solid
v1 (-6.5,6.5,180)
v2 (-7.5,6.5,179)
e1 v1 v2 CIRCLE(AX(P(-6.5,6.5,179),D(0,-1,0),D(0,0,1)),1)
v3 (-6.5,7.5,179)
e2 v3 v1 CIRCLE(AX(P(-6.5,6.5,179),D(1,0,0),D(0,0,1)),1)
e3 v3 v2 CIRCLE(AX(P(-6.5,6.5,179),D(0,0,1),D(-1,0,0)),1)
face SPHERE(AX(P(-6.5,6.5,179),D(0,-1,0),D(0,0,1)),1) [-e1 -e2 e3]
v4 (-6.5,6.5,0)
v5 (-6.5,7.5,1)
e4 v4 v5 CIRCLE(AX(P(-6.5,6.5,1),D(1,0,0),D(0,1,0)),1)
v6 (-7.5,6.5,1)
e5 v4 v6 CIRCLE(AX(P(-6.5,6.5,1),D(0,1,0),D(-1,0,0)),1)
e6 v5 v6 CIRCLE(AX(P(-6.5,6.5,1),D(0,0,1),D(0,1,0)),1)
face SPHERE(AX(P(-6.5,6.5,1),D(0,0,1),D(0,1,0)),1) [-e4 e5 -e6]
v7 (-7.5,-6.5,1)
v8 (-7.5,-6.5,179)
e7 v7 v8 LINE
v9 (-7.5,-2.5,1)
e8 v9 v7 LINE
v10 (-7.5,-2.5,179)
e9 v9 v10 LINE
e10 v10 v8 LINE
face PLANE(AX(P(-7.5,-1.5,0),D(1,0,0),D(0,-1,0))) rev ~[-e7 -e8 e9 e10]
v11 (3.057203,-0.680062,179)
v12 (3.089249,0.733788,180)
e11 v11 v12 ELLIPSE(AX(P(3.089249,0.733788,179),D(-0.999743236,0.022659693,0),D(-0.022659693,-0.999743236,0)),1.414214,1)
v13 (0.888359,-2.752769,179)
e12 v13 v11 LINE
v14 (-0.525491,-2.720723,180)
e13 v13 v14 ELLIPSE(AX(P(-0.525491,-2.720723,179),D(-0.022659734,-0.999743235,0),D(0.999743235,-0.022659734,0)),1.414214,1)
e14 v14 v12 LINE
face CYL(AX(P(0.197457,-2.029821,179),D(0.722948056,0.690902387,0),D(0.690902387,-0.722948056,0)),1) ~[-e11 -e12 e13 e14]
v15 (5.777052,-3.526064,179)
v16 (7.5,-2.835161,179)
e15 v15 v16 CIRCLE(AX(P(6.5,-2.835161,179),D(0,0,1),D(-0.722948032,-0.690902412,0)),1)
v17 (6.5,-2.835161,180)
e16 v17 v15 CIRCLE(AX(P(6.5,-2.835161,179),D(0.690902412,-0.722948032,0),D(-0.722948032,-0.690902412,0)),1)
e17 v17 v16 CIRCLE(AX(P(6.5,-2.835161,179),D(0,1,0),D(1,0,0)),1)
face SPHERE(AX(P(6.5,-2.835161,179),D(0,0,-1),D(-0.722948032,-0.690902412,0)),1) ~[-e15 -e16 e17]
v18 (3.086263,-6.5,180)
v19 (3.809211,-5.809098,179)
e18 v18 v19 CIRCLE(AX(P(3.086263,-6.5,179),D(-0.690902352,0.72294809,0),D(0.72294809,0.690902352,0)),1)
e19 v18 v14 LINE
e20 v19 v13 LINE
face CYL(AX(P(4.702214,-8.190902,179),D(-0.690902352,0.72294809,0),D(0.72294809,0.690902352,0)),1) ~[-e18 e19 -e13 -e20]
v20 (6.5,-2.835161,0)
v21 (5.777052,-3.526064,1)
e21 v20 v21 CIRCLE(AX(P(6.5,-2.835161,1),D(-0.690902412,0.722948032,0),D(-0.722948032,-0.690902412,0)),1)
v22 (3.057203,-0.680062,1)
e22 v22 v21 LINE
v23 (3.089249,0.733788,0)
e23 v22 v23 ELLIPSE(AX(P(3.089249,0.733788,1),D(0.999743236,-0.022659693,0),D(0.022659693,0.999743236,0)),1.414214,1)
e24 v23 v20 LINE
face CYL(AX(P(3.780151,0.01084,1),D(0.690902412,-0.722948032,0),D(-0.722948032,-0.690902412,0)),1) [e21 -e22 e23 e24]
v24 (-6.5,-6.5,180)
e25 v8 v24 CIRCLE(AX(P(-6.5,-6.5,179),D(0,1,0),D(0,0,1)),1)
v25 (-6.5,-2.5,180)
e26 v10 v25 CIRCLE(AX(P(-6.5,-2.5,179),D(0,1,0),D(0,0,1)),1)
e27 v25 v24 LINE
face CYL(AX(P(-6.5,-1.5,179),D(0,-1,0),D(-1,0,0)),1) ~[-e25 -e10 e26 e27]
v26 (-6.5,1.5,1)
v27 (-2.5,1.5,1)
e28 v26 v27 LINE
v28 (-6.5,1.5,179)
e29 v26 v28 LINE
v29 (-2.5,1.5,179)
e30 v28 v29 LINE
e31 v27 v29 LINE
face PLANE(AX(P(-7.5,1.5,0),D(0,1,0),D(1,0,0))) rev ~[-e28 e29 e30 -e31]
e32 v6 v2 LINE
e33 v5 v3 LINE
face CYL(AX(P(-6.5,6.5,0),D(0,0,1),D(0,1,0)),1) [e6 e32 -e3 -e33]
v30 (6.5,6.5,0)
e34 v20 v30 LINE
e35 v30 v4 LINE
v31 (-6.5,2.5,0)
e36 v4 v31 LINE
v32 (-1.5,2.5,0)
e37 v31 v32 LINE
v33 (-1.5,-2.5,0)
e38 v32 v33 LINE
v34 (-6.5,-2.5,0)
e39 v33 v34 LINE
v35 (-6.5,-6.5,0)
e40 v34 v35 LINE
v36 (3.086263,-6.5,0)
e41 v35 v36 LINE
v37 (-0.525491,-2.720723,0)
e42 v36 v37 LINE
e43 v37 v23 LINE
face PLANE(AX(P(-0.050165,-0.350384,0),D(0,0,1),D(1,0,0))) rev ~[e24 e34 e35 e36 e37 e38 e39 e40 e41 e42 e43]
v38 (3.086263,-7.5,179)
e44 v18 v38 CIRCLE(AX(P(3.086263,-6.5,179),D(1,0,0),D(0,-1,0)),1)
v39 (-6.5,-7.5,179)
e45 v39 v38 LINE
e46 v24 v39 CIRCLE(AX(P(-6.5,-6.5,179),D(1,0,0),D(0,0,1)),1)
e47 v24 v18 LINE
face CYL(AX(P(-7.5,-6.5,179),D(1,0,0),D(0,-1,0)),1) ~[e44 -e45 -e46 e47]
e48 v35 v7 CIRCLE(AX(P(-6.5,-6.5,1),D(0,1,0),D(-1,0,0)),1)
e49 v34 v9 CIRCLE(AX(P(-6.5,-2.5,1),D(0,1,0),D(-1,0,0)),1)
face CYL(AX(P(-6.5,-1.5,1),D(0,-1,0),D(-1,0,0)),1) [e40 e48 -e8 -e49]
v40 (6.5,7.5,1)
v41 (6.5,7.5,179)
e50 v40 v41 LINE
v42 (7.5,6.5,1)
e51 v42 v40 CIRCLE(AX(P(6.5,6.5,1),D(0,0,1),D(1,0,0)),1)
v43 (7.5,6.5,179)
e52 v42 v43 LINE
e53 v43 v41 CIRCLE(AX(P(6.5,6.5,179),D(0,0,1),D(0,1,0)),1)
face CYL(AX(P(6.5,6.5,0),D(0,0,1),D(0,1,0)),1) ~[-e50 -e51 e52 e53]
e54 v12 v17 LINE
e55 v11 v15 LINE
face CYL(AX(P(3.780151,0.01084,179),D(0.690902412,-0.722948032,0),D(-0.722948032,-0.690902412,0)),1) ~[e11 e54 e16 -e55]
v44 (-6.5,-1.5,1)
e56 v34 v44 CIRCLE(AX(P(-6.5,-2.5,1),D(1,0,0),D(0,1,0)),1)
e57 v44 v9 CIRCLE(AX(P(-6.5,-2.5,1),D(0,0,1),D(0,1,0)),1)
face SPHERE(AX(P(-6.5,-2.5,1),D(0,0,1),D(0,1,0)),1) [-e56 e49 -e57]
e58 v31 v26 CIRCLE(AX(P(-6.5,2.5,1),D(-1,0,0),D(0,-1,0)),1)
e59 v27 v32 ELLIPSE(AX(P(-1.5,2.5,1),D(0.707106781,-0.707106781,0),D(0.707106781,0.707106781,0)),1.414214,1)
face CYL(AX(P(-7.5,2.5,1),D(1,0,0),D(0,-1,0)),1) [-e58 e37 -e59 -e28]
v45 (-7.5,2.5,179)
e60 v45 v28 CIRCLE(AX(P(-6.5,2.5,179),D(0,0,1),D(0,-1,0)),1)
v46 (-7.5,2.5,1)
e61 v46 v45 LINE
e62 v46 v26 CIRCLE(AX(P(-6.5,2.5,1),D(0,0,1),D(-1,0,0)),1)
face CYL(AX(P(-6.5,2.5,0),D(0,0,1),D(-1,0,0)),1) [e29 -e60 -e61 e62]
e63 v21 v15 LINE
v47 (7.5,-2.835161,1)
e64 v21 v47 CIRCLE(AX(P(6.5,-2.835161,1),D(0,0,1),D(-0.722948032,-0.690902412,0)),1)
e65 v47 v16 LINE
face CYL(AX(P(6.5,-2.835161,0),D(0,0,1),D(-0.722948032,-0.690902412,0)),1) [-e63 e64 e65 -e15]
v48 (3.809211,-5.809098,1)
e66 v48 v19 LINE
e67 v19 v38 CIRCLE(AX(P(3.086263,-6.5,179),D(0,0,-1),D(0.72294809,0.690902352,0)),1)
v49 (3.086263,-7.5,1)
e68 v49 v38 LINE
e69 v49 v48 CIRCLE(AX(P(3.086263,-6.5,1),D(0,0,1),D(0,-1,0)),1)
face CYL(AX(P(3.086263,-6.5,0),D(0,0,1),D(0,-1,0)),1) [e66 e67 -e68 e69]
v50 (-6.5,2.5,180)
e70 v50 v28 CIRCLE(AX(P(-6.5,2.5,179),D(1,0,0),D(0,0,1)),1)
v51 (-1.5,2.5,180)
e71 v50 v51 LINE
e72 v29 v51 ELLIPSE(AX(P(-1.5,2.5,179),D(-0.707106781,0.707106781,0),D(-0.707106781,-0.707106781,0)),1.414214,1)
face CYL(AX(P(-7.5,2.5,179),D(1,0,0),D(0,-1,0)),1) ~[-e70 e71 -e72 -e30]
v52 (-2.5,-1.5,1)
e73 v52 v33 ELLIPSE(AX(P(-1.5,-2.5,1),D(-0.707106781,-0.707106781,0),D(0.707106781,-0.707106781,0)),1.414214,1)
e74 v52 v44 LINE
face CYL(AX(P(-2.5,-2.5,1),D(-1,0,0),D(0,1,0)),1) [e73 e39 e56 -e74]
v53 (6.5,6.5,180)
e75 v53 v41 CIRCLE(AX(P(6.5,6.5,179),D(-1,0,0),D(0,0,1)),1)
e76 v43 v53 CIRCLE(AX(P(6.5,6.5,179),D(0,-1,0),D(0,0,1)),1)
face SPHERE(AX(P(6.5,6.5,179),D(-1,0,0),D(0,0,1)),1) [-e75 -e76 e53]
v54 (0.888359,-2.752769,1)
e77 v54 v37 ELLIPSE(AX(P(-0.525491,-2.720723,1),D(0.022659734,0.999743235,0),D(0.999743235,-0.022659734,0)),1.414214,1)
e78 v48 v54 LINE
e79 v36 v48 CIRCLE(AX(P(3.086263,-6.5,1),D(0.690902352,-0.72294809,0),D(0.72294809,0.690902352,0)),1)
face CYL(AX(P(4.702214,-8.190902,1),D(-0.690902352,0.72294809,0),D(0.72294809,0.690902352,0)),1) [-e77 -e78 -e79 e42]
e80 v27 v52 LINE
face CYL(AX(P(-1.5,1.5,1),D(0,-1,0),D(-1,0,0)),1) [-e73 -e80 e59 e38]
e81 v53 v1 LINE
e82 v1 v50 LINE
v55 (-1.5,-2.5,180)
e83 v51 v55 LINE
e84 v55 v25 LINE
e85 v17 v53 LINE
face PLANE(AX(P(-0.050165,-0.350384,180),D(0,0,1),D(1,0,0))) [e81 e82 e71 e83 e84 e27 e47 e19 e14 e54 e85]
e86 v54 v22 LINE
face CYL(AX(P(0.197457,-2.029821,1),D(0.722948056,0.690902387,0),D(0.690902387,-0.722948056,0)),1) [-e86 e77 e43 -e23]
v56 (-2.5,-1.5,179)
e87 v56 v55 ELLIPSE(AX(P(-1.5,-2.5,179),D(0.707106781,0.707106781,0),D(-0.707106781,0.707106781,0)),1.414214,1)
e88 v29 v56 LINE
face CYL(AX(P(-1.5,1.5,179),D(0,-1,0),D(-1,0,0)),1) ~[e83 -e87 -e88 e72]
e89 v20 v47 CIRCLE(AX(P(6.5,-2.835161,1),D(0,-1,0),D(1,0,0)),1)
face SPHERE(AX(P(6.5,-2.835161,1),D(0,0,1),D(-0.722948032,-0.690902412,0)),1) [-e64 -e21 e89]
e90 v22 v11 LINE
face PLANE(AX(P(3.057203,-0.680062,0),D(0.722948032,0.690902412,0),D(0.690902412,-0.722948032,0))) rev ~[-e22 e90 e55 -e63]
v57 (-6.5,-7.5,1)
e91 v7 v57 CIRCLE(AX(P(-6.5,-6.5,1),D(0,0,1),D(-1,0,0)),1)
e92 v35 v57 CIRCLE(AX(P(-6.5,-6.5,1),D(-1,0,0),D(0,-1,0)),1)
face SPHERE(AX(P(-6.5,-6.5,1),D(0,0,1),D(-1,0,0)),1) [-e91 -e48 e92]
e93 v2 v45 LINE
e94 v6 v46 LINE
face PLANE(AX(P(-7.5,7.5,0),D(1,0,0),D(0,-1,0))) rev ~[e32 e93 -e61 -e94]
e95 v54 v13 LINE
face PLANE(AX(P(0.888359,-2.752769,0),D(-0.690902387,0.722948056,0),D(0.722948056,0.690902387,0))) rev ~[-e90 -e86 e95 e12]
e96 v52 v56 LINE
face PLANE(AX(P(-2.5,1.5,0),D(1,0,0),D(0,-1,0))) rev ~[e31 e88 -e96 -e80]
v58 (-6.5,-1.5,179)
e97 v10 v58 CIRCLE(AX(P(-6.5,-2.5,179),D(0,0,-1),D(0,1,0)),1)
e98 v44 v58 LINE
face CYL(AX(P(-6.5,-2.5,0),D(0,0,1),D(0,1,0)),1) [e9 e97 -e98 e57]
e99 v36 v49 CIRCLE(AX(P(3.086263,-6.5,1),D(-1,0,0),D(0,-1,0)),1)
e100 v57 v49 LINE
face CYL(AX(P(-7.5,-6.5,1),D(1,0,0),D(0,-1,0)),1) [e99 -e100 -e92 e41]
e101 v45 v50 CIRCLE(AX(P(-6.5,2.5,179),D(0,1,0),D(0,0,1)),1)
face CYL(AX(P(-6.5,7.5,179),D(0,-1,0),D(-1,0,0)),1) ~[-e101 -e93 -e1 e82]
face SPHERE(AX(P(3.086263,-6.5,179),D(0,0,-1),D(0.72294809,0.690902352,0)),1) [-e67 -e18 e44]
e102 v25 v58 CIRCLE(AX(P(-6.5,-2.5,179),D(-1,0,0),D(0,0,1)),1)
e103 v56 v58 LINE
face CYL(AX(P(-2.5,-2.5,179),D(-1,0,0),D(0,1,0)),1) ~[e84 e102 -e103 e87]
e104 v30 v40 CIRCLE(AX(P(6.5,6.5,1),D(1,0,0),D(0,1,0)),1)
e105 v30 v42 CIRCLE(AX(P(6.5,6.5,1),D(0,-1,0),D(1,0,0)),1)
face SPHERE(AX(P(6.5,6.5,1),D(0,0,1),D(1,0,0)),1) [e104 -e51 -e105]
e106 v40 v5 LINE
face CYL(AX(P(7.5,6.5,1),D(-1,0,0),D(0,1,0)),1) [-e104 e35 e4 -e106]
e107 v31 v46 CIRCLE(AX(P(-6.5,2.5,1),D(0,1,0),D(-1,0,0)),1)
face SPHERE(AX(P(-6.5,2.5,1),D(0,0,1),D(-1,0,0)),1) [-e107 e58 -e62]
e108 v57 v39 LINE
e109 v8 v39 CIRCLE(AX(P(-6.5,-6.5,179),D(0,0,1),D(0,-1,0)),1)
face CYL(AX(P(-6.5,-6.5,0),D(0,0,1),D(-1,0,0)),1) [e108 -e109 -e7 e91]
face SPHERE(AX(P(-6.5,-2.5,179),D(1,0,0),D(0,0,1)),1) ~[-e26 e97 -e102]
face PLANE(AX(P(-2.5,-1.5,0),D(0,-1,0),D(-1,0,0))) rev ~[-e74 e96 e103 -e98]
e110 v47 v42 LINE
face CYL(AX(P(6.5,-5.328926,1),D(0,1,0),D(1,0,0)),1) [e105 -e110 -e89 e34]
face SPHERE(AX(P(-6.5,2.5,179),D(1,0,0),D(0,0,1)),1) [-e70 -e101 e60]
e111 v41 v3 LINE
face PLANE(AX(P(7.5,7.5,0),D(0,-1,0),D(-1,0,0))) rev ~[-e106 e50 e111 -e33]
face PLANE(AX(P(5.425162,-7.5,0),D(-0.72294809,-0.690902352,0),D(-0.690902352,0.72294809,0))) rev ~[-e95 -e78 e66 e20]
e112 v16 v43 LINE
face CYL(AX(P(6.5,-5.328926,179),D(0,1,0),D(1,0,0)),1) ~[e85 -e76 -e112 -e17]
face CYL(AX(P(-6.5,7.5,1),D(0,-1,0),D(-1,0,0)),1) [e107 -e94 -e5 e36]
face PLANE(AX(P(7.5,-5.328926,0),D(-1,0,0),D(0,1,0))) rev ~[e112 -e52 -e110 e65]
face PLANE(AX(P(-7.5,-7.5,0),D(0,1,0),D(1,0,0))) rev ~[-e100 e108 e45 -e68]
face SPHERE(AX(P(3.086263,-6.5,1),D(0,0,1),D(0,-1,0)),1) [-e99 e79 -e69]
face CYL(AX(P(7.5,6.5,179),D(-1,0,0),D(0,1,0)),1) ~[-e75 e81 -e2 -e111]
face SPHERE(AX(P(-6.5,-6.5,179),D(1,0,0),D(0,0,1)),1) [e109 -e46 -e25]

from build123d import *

# Parameters (mm, degrees)
F1_DEPTH = 180
F2_R     = 1


with BuildPart() as f1:
    # F0 (on Top) → F1 (new body)
    with BuildSketch(Plane.XY):
        Polygon((7.5, 7.5), (-7.5, 7.5), (-7.5, 1.5), (-2.5, 1.5), (-2.5, -1.5), (-7.5, -1.5), (-7.5, -7.5), (5.425162, -7.5), (0.888359, -2.752769), (3.057203, -0.680062), (7.5, -5.328926), align=None)
    extrude(amount=F1_DEPTH)

    # F2
    f2_edges = [f1.edges().sort_by_distance(p)[0] for p in [
        (-5, -1.5, 180),
        (-2.5, 0, 180),
        (-5, 1.5, 180),
        (5.278601, -3.004494, 180),
        (1.972781, -1.716416, 180),
        (3.15676, -5.126385, 180),
        (-1.037419, -7.5, 180),
        (-7.5, -4.5, 180),
        (-7.5, 4.5, 180),
        (0, 7.5, 180),
        (7.5, 1.085537, 180),
        (-7.5, -7.5, 90),
        (-7.5, -1.5, 90),
        (-7.5, 1.5, 90),
        (-7.5, 7.5, 90),
        (5.425162, -7.5, 90),
        (7.5, -5.328926, 90),
        (7.5, 7.5, 90),
        (1.972781, -1.716416, 0),
        (5.278601, -3.004494, 0),
        (7.5, 1.085537, 0),
        (0, 7.5, 0),
        (-7.5, 4.5, 0),
        (-5, 1.5, 0),
        (-2.5, 0, 0),
        (-5, -1.5, 0),
        (-7.5, -4.5, 0),
        (-1.037419, -7.5, 0),
        (3.15676, -5.126385, 0),
    ]]
    fillet(f2_edges, radius=F2_R)


solid = f1.part
